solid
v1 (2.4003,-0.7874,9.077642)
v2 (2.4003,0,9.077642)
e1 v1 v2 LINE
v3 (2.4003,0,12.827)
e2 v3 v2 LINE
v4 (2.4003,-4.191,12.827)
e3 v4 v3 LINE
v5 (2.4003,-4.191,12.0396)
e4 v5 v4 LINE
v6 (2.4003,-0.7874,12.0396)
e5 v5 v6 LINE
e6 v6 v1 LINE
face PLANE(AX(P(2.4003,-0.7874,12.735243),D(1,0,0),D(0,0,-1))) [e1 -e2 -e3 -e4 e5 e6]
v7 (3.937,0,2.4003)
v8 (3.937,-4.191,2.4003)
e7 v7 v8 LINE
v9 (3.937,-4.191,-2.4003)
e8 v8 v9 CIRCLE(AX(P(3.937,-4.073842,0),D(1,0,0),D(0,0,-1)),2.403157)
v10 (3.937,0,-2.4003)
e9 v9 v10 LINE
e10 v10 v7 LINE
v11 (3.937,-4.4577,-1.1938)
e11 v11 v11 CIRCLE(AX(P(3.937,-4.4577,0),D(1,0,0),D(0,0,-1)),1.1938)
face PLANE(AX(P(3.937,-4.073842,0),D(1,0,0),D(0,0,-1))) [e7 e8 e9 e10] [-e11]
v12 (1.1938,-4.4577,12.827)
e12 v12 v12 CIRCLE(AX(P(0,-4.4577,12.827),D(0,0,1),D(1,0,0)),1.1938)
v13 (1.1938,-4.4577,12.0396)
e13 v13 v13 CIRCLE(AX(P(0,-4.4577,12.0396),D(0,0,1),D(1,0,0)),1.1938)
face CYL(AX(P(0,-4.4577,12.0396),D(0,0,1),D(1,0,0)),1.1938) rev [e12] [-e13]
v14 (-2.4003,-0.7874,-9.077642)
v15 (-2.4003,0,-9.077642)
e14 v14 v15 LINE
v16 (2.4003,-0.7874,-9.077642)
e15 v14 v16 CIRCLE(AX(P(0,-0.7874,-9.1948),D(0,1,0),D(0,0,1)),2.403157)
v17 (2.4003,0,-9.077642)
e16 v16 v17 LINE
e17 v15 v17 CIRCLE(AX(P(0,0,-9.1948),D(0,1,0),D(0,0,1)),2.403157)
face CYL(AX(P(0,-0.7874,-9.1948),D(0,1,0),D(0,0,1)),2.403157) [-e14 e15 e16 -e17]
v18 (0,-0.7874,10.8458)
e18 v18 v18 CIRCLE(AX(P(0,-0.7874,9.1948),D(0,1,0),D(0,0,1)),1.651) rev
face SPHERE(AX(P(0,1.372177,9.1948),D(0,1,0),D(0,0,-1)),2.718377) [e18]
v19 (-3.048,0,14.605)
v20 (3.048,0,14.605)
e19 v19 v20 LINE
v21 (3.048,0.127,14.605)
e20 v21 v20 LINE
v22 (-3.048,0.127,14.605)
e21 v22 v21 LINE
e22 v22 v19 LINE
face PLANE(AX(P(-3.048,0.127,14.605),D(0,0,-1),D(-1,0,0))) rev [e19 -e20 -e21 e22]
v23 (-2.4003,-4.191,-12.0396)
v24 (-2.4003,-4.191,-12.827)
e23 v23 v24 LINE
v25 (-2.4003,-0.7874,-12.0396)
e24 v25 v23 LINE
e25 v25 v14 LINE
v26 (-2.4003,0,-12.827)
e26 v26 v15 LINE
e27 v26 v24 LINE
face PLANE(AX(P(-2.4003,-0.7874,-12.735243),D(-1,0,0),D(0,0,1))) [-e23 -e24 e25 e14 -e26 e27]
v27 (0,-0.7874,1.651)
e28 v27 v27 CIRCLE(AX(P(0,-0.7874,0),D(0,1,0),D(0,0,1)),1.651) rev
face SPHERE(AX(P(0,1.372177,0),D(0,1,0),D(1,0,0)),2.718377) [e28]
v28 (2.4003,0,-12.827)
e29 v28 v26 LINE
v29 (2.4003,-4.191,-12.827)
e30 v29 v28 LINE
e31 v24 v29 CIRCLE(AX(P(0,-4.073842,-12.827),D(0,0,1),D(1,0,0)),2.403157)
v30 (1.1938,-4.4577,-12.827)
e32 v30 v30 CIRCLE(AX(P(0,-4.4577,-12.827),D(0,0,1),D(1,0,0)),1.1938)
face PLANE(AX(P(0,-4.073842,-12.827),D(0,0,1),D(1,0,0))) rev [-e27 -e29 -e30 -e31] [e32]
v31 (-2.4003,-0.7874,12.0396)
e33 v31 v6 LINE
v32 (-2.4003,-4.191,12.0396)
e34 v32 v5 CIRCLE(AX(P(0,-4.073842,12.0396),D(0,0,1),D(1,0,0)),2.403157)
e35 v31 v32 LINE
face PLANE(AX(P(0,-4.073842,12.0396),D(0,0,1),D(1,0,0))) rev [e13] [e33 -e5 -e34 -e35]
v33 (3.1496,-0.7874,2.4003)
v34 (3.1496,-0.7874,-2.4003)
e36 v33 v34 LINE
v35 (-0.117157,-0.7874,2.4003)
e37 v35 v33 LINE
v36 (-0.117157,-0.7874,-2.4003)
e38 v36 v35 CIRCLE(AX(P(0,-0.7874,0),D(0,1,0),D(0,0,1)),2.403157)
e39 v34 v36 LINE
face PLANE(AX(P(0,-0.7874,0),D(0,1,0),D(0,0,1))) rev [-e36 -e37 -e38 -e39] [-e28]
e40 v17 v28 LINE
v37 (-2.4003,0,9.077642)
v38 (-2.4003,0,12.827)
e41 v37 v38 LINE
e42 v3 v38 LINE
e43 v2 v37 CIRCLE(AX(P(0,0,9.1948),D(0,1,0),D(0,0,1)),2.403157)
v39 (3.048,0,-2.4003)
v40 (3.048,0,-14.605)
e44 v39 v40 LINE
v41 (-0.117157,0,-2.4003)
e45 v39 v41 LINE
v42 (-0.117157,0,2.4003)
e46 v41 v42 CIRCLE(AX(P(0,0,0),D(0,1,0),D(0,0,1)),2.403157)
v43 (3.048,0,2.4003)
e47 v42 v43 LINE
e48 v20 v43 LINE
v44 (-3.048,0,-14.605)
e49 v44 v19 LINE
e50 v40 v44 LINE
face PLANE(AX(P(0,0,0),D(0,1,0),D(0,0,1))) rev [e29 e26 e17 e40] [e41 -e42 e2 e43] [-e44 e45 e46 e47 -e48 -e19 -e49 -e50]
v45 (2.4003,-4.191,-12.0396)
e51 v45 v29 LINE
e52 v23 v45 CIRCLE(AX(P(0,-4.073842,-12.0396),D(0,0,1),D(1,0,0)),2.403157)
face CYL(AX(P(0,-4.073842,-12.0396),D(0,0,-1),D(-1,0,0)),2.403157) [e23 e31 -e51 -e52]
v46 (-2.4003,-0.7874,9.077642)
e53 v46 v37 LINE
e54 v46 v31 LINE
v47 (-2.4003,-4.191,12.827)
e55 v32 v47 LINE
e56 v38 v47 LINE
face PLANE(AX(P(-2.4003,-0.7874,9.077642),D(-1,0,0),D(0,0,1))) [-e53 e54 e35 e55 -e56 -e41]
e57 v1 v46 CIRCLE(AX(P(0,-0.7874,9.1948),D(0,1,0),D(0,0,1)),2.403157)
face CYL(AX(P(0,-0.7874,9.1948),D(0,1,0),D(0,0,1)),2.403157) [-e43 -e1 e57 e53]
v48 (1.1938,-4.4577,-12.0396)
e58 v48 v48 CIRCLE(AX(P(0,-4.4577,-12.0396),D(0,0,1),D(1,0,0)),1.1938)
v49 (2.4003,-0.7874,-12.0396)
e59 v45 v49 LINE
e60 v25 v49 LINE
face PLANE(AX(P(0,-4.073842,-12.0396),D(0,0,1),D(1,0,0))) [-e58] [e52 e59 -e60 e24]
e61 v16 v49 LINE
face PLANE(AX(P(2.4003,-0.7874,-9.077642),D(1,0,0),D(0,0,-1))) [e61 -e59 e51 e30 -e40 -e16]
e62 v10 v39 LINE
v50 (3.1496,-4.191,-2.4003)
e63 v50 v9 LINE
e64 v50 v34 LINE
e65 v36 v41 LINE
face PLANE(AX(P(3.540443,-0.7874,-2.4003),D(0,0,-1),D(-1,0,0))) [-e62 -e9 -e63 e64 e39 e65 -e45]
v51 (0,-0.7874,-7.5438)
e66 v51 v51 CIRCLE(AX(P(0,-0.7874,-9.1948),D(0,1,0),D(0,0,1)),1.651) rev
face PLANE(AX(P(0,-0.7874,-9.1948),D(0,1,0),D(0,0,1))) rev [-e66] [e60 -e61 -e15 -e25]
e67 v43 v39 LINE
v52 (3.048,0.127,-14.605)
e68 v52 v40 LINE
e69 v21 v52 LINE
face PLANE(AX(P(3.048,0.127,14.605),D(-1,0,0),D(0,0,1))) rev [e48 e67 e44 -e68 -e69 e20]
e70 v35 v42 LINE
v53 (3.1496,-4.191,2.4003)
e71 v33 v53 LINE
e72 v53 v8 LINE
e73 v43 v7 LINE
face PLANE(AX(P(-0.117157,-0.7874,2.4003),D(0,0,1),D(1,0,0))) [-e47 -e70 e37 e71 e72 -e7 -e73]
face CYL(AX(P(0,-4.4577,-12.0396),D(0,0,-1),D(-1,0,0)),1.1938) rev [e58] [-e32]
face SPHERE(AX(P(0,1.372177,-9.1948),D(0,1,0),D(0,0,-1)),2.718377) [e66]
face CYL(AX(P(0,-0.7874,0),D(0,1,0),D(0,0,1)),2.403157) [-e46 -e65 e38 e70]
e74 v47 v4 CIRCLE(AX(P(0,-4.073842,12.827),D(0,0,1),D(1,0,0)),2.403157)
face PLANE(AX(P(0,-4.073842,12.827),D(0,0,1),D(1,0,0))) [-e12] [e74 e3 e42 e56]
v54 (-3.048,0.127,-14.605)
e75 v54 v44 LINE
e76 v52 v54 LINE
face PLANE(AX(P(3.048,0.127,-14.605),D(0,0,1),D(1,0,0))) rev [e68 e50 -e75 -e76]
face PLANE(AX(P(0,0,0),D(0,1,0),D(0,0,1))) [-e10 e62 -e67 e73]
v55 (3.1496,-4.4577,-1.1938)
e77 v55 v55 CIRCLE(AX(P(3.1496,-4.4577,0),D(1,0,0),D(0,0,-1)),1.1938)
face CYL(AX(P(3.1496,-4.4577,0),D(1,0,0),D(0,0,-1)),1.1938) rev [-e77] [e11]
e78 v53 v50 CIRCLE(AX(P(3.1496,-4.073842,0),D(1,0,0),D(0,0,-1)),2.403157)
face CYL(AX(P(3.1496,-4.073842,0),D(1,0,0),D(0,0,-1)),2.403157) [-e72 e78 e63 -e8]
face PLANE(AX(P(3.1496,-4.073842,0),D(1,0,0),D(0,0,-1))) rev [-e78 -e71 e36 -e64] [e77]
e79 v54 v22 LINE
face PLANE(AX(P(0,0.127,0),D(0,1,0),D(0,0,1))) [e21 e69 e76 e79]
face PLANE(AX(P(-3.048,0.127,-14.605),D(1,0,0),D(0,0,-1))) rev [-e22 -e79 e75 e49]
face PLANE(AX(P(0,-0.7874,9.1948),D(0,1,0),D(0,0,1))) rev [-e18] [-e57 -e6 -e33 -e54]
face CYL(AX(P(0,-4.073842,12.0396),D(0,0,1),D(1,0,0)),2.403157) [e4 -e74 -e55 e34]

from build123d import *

# Parameters (mm, degrees)
SKETCH1_W           = 6.096
SKETCH1_H           = 29.21
BOSS_EXTRUDE1_DEPTH = 0.127
BOSS_EXTRUDE2_DEPTH = 0.7874
BOSS_EXTRUDE3_DEPTH = 0.7874
BOSS_EXTRUDE4_DEPTH = 0.7874
SKETCH5_R           = 1.1938
BOSS_EXTRUDE5_DEPTH = 0.7874
SKETCH6_R           = 1.1938
BOSS_EXTRUDE6_DEPTH = 0.7874
BOSS_EXTRUDE7_START = 0.7874
SKETCH7_R           = 1.1938
BOSS_EXTRUDE7_DEPTH = 0.7874


with BuildPart() as part:
    # Sketch1 → Boss-Extrude1 (new body)
    with BuildSketch(Plane(origin=(0, 0, 0), x_dir=(1, 0, 0), z_dir=(0, 1, 0))):
        Rectangle(SKETCH1_W, SKETCH1_H)
    extrude(amount=BOSS_EXTRUDE1_DEPTH)

    # Sketch2 → Boss-Extrude2 (add)
    with BuildSketch(Plane(origin=(0, 0, 0), x_dir=(1, 0, 0), z_dir=(0, 1, 0))):
        with BuildLine():
            Line((-0.1171575, -2.4003), (3.5404425, -2.4003))
            Line((3.5404425, -2.4003), (3.5404425, 2.4003))
            Line((3.5404425, 2.4003), (-0.1171575, 2.4003))
            ThreePointArc((-0.1171575, 2.4003), (-2.4031575, 0), (-0.1171575, -2.4003))
        make_face()
    extrude(amount=-BOSS_EXTRUDE2_DEPTH)

    # Sketch3 → Boss-Extrude3 (add)
    with BuildSketch(Plane(origin=(0, 0, 0), x_dir=(1, 0, 0), z_dir=(0, 1, 0))):
        with BuildLine():
            Line((2.4003, 9.0776425), (2.4003, 12.7352425))
            Line((2.4003, 12.7352425), (-2.4003, 12.7352425))
            Line((-2.4003, 12.7352425), (-2.4003, 9.0776425))
            ThreePointArc((-2.4003, 9.0776425), (0, 6.7916425), (2.4003, 9.0776425))
        make_face()
    extrude(amount=-BOSS_EXTRUDE3_DEPTH)

    # Sketch4 → Boss-Extrude4 (add)
    with BuildSketch(Plane(origin=(0, 0, 0), x_dir=(1, 0, 0), z_dir=(0, 1, 0))):
        with BuildLine():
            Line((-2.4003, -12.7352425), (2.4003, -12.7352425))
            Line((2.4003, -12.7352425), (2.4003, -9.0776425))
            ThreePointArc((2.4003, -9.0776425), (0, -6.7916425), (-2.4003, -9.0776425))
            Line((-2.4003, -9.0776425), (-2.4003, -12.7352425))
        make_face()
    extrude(amount=-BOSS_EXTRUDE4_DEPTH)

    # Sketch5 → Boss-Extrude5 (add)
    with BuildSketch(Plane(origin=(3.937, 0, 0), x_dir=(0, 0, -1), z_dir=(1, 0, 0))):
        with BuildLine():
            Line((-2.4003, 0), (-2.4003, -4.191))
            ThreePointArc((-2.4003, -4.191), (0, -6.477), (2.4003, -4.191))
            Line((2.4003, -4.191), (2.4003, 0))
            Line((2.4003, 0), (-2.4003, 0))
        make_face()
        with Locations((0, -4.4577)):
            Circle(SKETCH5_R, mode=Mode.SUBTRACT)
    extrude(amount=-BOSS_EXTRUDE5_DEPTH)

    # Sketch6 → Boss-Extrude6 (add)
    with BuildSketch(Plane.XY.offset(12.827)):
        with BuildLine():
            Line((-2.4003, 0), (-2.4003, -4.191))
            ThreePointArc((-2.4003, -4.191), (0, -6.477), (2.4003, -4.191))
            Line((2.4003, -4.191), (2.4003, 0))
            Line((2.4003, 0), (-2.4003, 0))
        make_face()
        with Locations((0, -4.4577)):
            Circle(SKETCH6_R, mode=Mode.SUBTRACT)
    extrude(amount=-BOSS_EXTRUDE6_DEPTH)

    # Sketch7 → Boss-Extrude7 (add)
    with BuildSketch(Plane.XY.offset(-12.827).offset(BOSS_EXTRUDE7_START)):
        with BuildLine():
            Line((-2.4003, 0), (-2.4003, -4.191))
            ThreePointArc((-2.4003, -4.191), (0, -6.477), (2.4003, -4.191))
            Line((2.4003, -4.191), (2.4003, 0))
            Line((2.4003, 0), (-2.4003, 0))
        make_face()
        with Locations((0, -4.4577)):
            Circle(SKETCH7_R, mode=Mode.SUBTRACT)
    extrude(amount=-BOSS_EXTRUDE7_DEPTH)

    # Sketch8 → Revolve1 (revolve)
    with BuildSketch(Plane.XY):
        with BuildLine():
            Line((0, 0), (1.651, 0))
            Line((1.651, 0), (1.651, -0.7874))
            ThreePointArc((1.651, -0.7874), (0.871501354, -1.202713091), (0, -1.3462))
            Line((0, -1.3462), (0, 0))
        make_face()
    revolve(axis=Axis((0, -1.3462, 0), (0, 1, 0)))

    # Sketch9 → Revolve2 (revolve)
    with BuildSketch(Plane(origin=(0, 0, 0), x_dir=(0, 0, -1), z_dir=(1, 0, 0))):
        with BuildLine():
            Line((9.1948, 0), (10.8458, 0))
            Line((10.8458, 0), (10.8458, -0.7874))
            ThreePointArc((10.8458, -0.7874), (10.066301354, -1.202713091), (9.1948, -1.3462))
            Line((9.1948, -1.3462), (9.1948, 0))
        make_face()
    revolve(axis=Axis((0, -1.3462, -9.1948), (0, 1, 0)))

    # Sketch10 → Revolve3 (revolve)
    with BuildSketch(Plane(origin=(0, 0, 0), x_dir=(0, 0, -1), z_dir=(1, 0, 0))):
        with BuildLine():
            Line((-9.1948, 0), (-7.5438, 0))
            Line((-7.5438, 0), (-7.5438, -0.7874))
            ThreePointArc((-7.5438, -0.7874), (-8.323298646, -1.202713091), (-9.1948, -1.3462))
            Line((-9.1948, -1.3462), (-9.1948, 0))
        make_face()
    revolve(axis=Axis((0, -1.3462, 9.1948), (0, 1, 0)))


solid = part.part
